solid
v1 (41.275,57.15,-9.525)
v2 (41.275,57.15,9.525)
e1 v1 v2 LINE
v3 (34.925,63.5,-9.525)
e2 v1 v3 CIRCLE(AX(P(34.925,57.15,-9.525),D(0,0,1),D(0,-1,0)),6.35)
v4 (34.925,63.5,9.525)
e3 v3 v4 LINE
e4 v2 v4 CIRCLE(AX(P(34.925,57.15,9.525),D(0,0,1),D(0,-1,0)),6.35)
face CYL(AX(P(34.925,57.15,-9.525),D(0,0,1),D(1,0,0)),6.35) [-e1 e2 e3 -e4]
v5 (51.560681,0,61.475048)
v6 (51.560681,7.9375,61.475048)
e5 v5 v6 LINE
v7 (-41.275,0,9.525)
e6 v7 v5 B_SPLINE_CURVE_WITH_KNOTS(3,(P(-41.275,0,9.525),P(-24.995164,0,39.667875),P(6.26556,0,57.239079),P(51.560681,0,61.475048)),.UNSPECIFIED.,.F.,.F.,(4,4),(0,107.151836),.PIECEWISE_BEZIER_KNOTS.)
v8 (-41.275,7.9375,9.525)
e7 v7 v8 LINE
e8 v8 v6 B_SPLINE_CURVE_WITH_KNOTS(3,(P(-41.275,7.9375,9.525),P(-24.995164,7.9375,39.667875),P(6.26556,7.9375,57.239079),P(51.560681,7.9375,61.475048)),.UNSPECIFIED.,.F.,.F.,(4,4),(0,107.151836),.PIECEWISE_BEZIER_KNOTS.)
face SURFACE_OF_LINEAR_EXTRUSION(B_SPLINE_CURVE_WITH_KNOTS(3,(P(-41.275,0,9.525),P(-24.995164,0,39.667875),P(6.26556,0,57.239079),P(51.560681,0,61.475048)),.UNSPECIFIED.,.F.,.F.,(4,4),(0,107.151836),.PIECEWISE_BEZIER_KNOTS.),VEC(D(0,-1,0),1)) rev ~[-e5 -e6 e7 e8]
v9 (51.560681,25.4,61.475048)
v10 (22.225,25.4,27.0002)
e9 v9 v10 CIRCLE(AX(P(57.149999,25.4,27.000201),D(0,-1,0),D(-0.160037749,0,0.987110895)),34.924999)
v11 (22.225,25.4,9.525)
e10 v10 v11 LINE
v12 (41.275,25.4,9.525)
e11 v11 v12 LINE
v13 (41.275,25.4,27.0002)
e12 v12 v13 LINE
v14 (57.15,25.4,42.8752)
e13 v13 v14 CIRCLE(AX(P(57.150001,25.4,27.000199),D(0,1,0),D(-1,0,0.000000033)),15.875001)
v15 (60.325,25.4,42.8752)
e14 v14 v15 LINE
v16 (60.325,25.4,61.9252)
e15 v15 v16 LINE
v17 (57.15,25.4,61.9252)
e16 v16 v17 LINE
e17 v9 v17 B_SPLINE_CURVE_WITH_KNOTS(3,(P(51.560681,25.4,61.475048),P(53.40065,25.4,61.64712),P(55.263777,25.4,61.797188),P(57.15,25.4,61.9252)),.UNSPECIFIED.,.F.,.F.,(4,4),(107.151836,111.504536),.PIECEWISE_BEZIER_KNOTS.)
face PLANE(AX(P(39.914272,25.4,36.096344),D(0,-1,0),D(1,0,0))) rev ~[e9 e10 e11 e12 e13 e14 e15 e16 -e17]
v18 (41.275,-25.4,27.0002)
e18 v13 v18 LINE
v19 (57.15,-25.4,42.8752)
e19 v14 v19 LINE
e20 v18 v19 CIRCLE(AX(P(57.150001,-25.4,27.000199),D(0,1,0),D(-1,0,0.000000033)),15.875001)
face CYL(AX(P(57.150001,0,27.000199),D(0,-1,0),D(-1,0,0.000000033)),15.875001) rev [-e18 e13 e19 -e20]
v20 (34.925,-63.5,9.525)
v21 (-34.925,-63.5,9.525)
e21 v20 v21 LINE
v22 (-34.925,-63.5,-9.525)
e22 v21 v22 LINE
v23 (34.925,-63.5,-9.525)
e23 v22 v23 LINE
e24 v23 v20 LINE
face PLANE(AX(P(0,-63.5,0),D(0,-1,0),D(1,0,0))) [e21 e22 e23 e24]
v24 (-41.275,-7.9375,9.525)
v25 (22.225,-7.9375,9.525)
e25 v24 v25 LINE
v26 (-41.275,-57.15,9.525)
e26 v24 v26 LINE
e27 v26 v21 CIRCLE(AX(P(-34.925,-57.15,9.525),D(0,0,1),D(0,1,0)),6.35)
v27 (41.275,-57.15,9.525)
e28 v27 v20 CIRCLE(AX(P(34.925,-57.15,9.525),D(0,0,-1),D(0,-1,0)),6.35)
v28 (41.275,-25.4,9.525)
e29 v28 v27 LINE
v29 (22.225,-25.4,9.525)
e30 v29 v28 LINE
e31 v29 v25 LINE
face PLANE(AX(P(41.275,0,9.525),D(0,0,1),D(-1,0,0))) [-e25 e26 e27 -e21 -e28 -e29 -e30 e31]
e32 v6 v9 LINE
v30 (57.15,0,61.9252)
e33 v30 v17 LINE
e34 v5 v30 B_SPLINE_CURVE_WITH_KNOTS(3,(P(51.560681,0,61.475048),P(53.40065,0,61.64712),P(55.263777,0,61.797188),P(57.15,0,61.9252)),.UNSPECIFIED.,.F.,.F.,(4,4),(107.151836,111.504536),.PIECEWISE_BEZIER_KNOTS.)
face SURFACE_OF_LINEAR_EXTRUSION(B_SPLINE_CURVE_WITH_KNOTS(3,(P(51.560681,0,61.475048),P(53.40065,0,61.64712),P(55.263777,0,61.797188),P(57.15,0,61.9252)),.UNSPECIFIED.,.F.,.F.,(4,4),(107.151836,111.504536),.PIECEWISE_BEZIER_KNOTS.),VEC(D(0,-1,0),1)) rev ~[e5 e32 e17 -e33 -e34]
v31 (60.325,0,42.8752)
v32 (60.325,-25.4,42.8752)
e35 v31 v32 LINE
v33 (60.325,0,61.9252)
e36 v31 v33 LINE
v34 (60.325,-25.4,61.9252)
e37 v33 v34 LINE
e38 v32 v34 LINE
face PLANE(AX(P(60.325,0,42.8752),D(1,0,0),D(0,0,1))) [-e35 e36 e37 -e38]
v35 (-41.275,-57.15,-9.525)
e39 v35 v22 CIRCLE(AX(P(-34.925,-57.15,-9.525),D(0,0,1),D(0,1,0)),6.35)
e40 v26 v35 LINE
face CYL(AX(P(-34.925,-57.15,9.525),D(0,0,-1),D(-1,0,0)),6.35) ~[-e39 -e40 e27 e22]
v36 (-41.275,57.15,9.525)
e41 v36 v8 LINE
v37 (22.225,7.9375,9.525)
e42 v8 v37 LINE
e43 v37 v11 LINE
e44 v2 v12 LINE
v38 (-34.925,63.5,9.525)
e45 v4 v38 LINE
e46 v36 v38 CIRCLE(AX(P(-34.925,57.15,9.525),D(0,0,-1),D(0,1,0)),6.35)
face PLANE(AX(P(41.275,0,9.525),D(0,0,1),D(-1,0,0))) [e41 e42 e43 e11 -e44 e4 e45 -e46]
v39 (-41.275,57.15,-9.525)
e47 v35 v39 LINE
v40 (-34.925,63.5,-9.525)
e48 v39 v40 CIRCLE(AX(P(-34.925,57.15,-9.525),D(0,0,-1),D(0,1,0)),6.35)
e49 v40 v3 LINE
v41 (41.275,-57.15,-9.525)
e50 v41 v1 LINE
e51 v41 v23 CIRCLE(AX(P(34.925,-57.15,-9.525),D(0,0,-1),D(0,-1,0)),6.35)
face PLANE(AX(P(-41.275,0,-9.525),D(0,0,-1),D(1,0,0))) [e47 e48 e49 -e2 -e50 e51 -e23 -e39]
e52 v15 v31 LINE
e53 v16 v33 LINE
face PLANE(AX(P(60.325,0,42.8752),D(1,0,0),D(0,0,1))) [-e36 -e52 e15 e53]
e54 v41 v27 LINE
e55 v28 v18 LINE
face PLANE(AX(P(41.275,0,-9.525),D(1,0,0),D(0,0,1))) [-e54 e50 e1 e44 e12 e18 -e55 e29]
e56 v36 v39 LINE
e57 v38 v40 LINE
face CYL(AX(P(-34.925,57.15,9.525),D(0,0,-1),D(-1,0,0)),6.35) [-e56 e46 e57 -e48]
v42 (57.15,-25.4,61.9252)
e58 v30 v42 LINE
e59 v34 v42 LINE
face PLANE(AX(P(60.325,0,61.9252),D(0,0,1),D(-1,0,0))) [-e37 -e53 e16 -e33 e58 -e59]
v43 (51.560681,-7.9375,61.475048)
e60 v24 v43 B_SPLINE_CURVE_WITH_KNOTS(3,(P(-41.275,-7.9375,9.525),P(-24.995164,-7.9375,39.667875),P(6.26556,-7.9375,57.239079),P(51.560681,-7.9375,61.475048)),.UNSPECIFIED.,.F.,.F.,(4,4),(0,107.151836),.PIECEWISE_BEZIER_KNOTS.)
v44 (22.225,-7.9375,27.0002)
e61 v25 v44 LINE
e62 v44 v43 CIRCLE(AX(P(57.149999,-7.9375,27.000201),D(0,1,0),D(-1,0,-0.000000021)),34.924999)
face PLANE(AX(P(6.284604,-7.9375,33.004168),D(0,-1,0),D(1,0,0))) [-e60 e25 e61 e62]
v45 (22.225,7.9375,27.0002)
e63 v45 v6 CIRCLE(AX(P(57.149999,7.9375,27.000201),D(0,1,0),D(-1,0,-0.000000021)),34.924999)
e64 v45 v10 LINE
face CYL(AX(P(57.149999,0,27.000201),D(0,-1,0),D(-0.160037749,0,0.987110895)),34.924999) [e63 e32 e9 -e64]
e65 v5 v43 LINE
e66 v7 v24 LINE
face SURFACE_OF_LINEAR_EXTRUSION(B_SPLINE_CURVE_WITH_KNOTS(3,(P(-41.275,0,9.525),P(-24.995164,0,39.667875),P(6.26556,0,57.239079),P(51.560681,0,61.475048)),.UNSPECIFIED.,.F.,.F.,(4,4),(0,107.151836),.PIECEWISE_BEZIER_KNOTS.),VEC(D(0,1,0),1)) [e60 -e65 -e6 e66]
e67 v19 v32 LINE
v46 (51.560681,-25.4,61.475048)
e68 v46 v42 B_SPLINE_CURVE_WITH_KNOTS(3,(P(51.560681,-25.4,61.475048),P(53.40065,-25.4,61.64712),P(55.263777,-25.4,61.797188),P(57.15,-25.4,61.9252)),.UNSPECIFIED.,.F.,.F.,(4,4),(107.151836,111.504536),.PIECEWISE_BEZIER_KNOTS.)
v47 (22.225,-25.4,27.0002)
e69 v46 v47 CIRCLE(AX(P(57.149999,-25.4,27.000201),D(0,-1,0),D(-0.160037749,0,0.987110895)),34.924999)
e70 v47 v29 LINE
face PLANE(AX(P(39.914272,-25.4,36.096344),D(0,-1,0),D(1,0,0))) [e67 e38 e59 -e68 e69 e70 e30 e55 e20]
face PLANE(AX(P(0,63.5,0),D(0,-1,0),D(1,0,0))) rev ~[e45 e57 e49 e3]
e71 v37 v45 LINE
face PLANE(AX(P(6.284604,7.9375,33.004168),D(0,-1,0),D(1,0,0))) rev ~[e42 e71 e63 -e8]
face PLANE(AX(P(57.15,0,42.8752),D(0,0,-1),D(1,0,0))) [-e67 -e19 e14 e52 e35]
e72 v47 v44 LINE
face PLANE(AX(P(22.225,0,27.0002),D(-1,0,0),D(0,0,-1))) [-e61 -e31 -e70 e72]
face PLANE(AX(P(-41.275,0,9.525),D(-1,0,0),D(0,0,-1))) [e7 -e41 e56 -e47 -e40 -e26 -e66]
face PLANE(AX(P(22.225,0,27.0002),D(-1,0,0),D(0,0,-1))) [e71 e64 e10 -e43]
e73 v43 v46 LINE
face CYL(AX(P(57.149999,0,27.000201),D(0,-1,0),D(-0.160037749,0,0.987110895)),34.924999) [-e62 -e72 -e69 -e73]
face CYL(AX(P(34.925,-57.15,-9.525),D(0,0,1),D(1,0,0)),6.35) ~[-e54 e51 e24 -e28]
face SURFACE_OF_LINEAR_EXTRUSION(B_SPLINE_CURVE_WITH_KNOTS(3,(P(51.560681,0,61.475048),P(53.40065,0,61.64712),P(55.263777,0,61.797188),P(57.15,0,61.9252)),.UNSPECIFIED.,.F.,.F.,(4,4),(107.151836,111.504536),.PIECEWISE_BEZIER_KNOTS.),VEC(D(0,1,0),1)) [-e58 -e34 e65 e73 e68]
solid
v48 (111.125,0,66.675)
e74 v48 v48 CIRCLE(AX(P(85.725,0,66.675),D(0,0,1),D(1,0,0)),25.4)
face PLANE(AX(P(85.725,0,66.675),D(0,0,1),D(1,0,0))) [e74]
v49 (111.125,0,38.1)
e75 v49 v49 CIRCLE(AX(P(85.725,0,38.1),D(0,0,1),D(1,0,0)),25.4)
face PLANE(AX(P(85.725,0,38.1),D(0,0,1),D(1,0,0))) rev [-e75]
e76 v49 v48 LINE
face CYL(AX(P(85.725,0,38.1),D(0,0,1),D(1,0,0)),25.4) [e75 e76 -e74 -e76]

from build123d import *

# Parameters (mm, degrees)
F1_DEPTH = 63.5
F2_DEPTH = 25.4
F3_DEPTH = 7.9375
F5_R     = 6.35


with BuildPart() as f1:
    # F0 (on Front) → F1 (new body, symmetric)
    with BuildSketch(Plane.XZ):
        Polygon((41.275, -9.525), (41.275, 9.525), (22.225, 9.525), (-41.275, 9.525), (-41.275, -9.525), align=None)
    extrude(amount=F1_DEPTH, both=True)

    # F0 (on Front) → F2 (join, symmetric)
    with BuildSketch(Plane.XZ):
        with BuildLine():
            Line((22.225, 9.525), (41.275, 9.525))
            Line((41.275, 9.525), (41.275, 27.0002))
            ThreePointArc((41.275, 27.0002), (45.92468, 38.22552), (57.15, 42.8752))
            Line((57.15, 42.8752), (60.325, 42.8752))
            Line((60.325, 42.8752), (60.325, 61.9252))
            Line((60.325, 61.9252), (57.15, 61.9252))
            add(Edge.make_bspline(
                [(51.560681, 61.475048), (53.40065, 61.64712), (55.263777, 61.797188), (57.15, 61.9252)],
                knots=[107.151836, 107.151836, 107.151836, 107.151836, 111.504536, 111.504536, 111.504536, 111.504536], degree=3))
            ThreePointArc((51.560681, 61.475048), (30.551479, 49.633678), (22.225, 27.0002))
            Line((22.225, 27.0002), (22.225, 9.525))
        make_face()
    extrude(amount=F2_DEPTH, both=True)

    # F0 (on Front) → F3 (join, symmetric)
    with BuildSketch(Plane.XZ):
        with BuildLine():
            Line((-41.275, 9.525), (22.225, 9.525))
            Line((22.225, 9.525), (22.225, 27.0002))
            ThreePointArc((22.225, 27.0002), (30.551479, 49.633678), (51.560681, 61.475048))
            add(Edge.make_bspline(
                [(-41.275, 9.525), (-24.995164, 39.667875), (6.26556, 57.239079), (51.560681, 61.475048)],
                knots=[0, 0, 0, 0, 107.151836, 107.151836, 107.151836, 107.151836], degree=3))
        make_face()
    extrude(amount=F3_DEPTH, both=True)

    # F0 (on Front) → F4 (revolve)
    with BuildSketch(Plane.XZ):
        Polygon((85.725, 61.9252), (85.725, 42.8752), (85.725, 38.1), (111.125, 38.1), (111.125, 66.675), (85.725, 66.675), align=None)
    revolve(axis=Axis((85.725, 0, 52.3875), (0, 0, 1)))

    # F5
    f5_edges = [f1.edges().sort_by_distance(p)[0] for p in [
        (-41.275, -63.5, 0),
        (-41.275, 63.5, 0),
        (41.275, -63.5, 0),
        (41.275, 63.5, 0),
    ]]
    fillet(f5_edges, radius=F5_R)


solid = f1.part
